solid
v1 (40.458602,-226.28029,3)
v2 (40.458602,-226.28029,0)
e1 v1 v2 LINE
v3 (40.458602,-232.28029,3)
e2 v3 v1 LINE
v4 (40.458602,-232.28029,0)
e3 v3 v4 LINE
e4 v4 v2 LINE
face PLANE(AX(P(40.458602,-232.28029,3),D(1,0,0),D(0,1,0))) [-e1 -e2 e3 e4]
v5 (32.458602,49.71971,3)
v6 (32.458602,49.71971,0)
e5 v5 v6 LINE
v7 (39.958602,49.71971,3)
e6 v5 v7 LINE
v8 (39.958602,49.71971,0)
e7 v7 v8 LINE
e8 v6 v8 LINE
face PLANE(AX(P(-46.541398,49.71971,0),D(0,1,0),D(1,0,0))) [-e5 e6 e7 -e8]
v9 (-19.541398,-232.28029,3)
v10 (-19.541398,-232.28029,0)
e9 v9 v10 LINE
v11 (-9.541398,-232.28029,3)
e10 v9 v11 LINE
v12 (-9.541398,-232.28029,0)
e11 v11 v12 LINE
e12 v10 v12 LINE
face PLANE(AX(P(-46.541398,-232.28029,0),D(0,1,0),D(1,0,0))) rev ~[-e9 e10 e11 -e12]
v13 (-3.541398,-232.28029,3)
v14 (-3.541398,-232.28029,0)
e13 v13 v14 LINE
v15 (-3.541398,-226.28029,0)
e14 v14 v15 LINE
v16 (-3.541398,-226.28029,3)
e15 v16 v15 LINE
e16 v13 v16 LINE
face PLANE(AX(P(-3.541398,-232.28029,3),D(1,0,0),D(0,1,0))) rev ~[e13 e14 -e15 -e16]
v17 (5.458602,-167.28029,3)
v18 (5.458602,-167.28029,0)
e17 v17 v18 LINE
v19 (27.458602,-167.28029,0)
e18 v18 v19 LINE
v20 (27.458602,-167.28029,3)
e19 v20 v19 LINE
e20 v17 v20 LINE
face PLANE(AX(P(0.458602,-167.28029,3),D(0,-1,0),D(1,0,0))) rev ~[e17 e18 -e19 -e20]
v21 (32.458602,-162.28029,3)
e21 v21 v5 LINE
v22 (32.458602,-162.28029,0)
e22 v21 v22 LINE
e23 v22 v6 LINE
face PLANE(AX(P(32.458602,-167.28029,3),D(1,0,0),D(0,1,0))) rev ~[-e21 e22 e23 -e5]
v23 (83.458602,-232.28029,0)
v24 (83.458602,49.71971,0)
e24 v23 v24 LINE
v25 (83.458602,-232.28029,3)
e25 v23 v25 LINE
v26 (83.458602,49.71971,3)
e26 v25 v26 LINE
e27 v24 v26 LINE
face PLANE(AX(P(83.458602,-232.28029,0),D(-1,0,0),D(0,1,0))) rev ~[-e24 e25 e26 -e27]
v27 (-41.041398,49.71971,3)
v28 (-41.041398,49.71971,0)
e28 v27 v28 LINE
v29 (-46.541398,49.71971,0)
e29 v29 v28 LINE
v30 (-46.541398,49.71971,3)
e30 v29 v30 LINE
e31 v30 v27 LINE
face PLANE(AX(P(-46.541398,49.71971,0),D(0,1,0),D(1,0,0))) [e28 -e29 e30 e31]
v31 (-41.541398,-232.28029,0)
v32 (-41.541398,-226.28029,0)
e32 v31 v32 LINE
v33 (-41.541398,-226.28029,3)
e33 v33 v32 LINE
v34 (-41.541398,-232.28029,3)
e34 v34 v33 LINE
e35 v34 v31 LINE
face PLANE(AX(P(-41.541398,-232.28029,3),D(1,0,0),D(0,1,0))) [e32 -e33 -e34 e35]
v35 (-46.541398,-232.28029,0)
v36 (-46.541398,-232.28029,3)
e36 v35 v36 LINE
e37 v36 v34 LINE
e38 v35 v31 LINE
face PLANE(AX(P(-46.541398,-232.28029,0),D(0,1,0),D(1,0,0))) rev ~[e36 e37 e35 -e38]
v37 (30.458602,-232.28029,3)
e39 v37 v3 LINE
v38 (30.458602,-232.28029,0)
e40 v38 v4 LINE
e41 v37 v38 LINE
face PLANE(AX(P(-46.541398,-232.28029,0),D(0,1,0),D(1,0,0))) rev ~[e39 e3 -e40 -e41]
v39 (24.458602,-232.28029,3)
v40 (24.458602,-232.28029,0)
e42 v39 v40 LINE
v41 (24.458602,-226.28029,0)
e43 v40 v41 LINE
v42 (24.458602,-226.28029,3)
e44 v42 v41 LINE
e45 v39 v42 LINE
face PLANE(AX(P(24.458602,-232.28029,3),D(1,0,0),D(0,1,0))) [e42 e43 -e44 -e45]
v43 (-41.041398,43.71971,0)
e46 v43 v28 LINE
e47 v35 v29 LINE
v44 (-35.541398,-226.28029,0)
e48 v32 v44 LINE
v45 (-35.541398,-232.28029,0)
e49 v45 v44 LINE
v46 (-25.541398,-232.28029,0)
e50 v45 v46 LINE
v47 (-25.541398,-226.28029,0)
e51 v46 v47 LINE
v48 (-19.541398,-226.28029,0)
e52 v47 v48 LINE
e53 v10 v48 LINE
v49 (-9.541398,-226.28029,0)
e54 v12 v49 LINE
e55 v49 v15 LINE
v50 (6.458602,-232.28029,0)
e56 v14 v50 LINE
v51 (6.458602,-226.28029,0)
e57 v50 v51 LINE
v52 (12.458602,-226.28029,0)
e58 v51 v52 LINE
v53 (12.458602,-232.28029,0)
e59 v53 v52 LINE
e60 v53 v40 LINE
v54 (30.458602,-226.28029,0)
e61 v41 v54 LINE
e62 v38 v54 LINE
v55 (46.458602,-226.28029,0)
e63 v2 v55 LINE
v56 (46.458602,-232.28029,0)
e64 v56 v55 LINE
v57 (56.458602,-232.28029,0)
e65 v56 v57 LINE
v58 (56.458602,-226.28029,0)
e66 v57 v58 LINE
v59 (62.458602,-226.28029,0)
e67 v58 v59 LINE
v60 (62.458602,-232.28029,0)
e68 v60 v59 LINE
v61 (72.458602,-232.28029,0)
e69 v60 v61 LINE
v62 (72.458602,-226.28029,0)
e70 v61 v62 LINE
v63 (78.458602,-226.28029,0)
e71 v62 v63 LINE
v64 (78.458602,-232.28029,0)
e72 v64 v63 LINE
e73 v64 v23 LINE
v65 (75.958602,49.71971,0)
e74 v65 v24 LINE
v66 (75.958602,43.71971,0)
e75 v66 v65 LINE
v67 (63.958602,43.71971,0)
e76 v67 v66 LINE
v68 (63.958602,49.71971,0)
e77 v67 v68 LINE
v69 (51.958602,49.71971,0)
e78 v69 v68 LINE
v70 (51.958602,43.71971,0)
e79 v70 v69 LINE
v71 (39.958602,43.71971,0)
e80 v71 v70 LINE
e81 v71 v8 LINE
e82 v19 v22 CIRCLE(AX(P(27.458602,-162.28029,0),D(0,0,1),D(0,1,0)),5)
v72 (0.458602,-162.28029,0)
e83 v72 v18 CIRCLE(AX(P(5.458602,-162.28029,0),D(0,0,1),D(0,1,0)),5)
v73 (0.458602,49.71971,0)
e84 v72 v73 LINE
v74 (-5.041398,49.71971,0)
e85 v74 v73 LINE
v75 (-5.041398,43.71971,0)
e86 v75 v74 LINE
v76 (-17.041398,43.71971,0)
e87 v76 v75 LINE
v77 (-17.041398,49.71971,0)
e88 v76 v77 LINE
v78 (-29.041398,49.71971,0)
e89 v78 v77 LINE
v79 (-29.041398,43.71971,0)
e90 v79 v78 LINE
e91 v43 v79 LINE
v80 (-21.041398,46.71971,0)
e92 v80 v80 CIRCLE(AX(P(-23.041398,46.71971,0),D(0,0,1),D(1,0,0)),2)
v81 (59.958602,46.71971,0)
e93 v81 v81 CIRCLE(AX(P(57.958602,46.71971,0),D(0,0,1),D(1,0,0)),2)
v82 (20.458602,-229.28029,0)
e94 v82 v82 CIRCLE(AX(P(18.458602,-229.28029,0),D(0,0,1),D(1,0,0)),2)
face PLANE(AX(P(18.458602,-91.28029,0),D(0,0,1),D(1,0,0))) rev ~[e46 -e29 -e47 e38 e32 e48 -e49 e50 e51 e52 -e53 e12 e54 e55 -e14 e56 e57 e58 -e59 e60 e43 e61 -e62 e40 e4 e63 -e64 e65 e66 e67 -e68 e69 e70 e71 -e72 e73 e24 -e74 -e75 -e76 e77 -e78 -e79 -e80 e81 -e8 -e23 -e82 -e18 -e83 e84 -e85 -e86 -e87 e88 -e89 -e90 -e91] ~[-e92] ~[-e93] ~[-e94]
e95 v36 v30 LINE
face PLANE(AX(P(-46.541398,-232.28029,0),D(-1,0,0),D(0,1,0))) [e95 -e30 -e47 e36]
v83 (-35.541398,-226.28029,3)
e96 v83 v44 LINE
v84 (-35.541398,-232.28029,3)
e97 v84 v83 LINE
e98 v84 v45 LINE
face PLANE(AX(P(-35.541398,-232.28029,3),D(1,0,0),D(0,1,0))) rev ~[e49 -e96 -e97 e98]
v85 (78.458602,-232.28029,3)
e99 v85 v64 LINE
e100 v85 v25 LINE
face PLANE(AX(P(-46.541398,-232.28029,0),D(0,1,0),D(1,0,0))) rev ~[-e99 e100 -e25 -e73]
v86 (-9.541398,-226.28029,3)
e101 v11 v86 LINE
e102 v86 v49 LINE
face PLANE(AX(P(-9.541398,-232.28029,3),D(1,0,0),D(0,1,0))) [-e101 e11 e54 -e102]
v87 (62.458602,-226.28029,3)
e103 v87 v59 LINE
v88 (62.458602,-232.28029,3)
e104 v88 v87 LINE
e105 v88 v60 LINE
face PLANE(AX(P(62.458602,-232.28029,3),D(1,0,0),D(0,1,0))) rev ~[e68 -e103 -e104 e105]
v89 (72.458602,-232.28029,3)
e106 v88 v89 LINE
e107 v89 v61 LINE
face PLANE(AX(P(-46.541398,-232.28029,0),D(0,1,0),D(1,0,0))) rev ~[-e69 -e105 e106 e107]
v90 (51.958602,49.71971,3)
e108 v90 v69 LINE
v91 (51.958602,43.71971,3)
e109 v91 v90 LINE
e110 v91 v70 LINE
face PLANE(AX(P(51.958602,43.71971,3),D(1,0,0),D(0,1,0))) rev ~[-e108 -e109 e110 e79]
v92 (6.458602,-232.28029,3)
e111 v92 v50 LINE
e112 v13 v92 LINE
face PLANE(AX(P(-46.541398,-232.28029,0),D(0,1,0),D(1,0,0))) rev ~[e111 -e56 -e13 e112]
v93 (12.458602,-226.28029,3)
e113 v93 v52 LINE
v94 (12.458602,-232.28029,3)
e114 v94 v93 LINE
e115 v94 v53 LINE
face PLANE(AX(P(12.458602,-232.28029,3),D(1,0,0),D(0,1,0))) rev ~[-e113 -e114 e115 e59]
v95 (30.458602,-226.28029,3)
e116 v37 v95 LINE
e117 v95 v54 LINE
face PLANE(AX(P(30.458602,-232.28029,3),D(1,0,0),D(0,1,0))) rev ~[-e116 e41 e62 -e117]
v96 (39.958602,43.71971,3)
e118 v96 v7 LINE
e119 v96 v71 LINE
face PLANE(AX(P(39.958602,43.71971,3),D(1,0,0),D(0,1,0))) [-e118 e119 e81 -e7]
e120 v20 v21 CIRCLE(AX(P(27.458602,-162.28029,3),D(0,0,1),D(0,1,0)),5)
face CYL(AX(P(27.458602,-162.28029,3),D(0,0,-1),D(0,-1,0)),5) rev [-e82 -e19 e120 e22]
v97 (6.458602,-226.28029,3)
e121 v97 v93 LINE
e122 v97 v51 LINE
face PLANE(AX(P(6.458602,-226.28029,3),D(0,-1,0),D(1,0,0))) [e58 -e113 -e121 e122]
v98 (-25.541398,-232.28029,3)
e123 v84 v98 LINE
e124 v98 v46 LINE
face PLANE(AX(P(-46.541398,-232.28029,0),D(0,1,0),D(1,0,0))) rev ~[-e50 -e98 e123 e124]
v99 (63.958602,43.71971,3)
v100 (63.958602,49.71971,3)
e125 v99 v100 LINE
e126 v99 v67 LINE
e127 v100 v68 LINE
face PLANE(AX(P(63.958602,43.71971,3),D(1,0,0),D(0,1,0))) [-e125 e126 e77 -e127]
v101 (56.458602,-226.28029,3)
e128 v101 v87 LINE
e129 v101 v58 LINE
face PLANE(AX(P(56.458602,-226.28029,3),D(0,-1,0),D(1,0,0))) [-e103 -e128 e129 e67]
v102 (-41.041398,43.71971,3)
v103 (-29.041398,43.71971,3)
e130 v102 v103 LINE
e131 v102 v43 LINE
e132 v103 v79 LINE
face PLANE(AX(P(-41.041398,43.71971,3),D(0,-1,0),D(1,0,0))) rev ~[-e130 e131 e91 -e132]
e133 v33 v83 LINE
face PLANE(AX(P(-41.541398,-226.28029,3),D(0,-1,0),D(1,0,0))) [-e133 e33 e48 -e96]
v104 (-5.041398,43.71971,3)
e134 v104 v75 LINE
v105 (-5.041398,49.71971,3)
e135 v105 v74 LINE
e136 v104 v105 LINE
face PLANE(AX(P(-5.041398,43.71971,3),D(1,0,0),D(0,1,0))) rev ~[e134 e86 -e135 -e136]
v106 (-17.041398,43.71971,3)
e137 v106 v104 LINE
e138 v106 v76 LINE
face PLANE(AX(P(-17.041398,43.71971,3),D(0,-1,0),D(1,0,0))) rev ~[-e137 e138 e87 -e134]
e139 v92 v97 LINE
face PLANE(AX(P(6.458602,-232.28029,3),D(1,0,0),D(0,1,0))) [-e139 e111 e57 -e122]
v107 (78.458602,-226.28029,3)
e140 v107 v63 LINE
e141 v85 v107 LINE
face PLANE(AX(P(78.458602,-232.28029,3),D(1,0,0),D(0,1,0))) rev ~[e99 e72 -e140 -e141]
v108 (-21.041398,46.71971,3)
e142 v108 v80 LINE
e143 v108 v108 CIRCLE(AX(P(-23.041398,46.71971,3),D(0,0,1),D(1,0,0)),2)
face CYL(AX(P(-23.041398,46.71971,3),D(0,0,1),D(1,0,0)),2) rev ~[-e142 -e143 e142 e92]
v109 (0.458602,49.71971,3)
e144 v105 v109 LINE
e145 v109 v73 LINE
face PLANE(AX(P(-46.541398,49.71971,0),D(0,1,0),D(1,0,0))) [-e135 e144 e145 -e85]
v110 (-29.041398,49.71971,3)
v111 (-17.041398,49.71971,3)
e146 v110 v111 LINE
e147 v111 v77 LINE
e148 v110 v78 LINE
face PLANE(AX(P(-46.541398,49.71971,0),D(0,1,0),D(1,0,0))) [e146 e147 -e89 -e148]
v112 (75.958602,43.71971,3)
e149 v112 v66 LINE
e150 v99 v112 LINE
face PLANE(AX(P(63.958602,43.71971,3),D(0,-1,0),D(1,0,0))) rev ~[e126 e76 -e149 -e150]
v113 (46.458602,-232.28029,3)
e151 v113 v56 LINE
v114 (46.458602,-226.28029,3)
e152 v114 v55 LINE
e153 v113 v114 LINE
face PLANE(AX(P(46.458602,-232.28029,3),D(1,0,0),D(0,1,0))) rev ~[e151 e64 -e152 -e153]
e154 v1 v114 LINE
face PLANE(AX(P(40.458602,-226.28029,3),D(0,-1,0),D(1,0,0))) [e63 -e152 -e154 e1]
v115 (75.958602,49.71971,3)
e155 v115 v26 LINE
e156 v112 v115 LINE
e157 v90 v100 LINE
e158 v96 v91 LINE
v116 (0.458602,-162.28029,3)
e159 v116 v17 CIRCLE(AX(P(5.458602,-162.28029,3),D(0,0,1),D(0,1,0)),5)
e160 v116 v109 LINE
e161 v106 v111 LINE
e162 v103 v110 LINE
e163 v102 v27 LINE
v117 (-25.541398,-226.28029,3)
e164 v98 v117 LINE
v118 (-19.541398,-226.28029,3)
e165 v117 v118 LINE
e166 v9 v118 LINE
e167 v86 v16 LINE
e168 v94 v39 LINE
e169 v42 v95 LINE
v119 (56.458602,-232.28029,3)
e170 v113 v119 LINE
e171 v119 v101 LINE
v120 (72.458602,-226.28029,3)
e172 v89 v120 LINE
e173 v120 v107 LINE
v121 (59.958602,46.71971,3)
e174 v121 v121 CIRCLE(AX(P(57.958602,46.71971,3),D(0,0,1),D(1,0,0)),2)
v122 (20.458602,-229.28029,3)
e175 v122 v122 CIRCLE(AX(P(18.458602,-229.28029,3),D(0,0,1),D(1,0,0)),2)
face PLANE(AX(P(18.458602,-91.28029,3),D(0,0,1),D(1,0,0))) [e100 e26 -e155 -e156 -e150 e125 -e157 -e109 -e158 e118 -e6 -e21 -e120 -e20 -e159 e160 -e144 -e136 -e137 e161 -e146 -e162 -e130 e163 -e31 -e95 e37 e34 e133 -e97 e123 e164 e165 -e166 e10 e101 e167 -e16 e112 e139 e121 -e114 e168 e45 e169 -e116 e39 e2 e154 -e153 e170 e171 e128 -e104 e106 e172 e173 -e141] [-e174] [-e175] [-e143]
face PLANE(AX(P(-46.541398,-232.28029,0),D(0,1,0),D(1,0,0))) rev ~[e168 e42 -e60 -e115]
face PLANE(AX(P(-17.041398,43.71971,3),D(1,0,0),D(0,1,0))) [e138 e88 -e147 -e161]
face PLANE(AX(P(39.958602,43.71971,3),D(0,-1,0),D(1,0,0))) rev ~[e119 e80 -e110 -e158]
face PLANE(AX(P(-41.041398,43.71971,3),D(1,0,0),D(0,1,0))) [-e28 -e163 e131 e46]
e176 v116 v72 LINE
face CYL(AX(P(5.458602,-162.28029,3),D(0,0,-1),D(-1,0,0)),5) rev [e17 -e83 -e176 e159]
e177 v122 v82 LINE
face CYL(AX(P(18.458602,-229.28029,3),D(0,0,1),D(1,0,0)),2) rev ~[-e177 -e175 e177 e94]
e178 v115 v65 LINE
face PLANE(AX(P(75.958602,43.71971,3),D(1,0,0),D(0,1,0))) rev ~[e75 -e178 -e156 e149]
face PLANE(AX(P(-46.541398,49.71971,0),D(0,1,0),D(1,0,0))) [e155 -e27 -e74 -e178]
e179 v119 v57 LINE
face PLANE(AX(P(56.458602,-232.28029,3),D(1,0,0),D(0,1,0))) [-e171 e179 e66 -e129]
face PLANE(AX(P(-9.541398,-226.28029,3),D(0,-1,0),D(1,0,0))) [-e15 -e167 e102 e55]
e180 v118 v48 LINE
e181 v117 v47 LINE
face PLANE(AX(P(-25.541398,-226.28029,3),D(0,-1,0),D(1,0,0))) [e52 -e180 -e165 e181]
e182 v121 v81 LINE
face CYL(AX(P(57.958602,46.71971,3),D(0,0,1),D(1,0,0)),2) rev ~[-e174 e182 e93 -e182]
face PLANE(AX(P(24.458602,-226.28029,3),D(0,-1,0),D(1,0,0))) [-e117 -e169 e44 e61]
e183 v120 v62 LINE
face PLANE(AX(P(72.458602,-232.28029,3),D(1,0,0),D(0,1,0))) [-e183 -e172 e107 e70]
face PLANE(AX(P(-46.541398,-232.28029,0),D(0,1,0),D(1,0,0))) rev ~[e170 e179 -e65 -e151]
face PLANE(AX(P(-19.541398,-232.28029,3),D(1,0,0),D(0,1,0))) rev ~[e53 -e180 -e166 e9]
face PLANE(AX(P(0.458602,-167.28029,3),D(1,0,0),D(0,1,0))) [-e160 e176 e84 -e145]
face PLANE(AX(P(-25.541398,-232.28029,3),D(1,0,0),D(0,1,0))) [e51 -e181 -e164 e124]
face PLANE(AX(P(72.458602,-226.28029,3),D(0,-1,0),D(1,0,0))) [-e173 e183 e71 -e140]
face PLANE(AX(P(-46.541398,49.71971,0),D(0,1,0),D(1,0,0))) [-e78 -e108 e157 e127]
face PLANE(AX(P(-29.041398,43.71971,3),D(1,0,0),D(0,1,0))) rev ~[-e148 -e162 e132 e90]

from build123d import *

# Parameters (mm, degrees)
ESQUISSE1_W             = 130
ESQUISSE1_H             = 282
BOSS_EXTRU_1_DEPTH      = 3
ESQUISSE2_W             = 32
ESQUISSE2_H             = 217
ENL_V_MAT_EXTRU_1_DEPTH = 3
CONG_1_R                = 5
ESQUISSE3_R             = 2
ESQUISSE3_W             = 12
ESQUISSE3_H             = 6
ESQUISSE3_W_2           = 6
ENL_V_MAT_EXTRU_2_DEPTH = 3


with BuildPart() as part:
    # Esquisse1 → Boss.-Extru.1 (new body)
    with BuildSketch(Plane.XY):
        with Locations((18.458602023, -91.280290456)):
            Rectangle(ESQUISSE1_W, ESQUISSE1_H)
    extrude(amount=BOSS_EXTRU_1_DEPTH)

    # Esquisse2 → Enlèv. mat.-Extru.1 (cut)
    with BuildSketch(Plane.XY.offset(3)):
        with Locations((16.458602023, -58.780290456)):
            Rectangle(ESQUISSE2_W, ESQUISSE2_H)
    extrude(amount=-ENL_V_MAT_EXTRU_1_DEPTH, mode=Mode.SUBTRACT)

    # Congé1
    cong_1_edges = [part.edges().sort_by_distance(p)[0] for p in [
        (32.458602023, -167.280290456, 1.5),
        (0.458602023, -167.280290456, 1.5),
    ]]
    fillet(cong_1_edges, radius=CONG_1_R)

    # Esquisse3 → Enlèv. mat.-Extru.2 (cut)
    with BuildSketch(Plane.XY.offset(3)):
        with Locations((-23.041397977, 46.719709544)):
            Circle(ESQUISSE3_R)
        with Locations((57.958602023, 46.719709544)):
            Circle(ESQUISSE3_R)
        with Locations((18.458602023, -229.280290456)):
            Circle(ESQUISSE3_R)
        with Locations((-35.041397977, 46.719709544)):
            Rectangle(ESQUISSE3_W, ESQUISSE3_H)
        with Locations((-11.041397977, 46.719709544)):
            Rectangle(ESQUISSE3_W, ESQUISSE3_H)
        with Locations((45.958602023, 46.719709544)):
            Rectangle(ESQUISSE3_W, ESQUISSE3_H)
        with Locations((69.958602023, 46.719709544)):
            Rectangle(ESQUISSE3_W, ESQUISSE3_H)
        with Locations((9.458602023, -229.280290456)):
            Rectangle(ESQUISSE3_W_2, ESQUISSE3_H)
        with Locations((-6.541397977, -229.280290456)):
            Rectangle(ESQUISSE3_W_2, ESQUISSE3_H)
        with Locations((-38.541397977, -229.280290456)):
            Rectangle(ESQUISSE3_W_2, ESQUISSE3_H)
        with Locations((27.458602023, -229.280290456)):
            Rectangle(ESQUISSE3_W_2, ESQUISSE3_H)
        with Locations((43.458602023, -229.280290456)):
            Rectangle(ESQUISSE3_W_2, ESQUISSE3_H)
        with Locations((75.458602023, -229.280290456)):
            Rectangle(ESQUISSE3_W_2, ESQUISSE3_H)
        with Locations((-22.541397977, -229.280290456)):
            Rectangle(ESQUISSE3_W_2, ESQUISSE3_H)
        with Locations((59.458602023, -229.280290456)):
            Rectangle(ESQUISSE3_W_2, ESQUISSE3_H)
    extrude(amount=-ENL_V_MAT_EXTRU_2_DEPTH, mode=Mode.SUBTRACT)


solid = part.part
